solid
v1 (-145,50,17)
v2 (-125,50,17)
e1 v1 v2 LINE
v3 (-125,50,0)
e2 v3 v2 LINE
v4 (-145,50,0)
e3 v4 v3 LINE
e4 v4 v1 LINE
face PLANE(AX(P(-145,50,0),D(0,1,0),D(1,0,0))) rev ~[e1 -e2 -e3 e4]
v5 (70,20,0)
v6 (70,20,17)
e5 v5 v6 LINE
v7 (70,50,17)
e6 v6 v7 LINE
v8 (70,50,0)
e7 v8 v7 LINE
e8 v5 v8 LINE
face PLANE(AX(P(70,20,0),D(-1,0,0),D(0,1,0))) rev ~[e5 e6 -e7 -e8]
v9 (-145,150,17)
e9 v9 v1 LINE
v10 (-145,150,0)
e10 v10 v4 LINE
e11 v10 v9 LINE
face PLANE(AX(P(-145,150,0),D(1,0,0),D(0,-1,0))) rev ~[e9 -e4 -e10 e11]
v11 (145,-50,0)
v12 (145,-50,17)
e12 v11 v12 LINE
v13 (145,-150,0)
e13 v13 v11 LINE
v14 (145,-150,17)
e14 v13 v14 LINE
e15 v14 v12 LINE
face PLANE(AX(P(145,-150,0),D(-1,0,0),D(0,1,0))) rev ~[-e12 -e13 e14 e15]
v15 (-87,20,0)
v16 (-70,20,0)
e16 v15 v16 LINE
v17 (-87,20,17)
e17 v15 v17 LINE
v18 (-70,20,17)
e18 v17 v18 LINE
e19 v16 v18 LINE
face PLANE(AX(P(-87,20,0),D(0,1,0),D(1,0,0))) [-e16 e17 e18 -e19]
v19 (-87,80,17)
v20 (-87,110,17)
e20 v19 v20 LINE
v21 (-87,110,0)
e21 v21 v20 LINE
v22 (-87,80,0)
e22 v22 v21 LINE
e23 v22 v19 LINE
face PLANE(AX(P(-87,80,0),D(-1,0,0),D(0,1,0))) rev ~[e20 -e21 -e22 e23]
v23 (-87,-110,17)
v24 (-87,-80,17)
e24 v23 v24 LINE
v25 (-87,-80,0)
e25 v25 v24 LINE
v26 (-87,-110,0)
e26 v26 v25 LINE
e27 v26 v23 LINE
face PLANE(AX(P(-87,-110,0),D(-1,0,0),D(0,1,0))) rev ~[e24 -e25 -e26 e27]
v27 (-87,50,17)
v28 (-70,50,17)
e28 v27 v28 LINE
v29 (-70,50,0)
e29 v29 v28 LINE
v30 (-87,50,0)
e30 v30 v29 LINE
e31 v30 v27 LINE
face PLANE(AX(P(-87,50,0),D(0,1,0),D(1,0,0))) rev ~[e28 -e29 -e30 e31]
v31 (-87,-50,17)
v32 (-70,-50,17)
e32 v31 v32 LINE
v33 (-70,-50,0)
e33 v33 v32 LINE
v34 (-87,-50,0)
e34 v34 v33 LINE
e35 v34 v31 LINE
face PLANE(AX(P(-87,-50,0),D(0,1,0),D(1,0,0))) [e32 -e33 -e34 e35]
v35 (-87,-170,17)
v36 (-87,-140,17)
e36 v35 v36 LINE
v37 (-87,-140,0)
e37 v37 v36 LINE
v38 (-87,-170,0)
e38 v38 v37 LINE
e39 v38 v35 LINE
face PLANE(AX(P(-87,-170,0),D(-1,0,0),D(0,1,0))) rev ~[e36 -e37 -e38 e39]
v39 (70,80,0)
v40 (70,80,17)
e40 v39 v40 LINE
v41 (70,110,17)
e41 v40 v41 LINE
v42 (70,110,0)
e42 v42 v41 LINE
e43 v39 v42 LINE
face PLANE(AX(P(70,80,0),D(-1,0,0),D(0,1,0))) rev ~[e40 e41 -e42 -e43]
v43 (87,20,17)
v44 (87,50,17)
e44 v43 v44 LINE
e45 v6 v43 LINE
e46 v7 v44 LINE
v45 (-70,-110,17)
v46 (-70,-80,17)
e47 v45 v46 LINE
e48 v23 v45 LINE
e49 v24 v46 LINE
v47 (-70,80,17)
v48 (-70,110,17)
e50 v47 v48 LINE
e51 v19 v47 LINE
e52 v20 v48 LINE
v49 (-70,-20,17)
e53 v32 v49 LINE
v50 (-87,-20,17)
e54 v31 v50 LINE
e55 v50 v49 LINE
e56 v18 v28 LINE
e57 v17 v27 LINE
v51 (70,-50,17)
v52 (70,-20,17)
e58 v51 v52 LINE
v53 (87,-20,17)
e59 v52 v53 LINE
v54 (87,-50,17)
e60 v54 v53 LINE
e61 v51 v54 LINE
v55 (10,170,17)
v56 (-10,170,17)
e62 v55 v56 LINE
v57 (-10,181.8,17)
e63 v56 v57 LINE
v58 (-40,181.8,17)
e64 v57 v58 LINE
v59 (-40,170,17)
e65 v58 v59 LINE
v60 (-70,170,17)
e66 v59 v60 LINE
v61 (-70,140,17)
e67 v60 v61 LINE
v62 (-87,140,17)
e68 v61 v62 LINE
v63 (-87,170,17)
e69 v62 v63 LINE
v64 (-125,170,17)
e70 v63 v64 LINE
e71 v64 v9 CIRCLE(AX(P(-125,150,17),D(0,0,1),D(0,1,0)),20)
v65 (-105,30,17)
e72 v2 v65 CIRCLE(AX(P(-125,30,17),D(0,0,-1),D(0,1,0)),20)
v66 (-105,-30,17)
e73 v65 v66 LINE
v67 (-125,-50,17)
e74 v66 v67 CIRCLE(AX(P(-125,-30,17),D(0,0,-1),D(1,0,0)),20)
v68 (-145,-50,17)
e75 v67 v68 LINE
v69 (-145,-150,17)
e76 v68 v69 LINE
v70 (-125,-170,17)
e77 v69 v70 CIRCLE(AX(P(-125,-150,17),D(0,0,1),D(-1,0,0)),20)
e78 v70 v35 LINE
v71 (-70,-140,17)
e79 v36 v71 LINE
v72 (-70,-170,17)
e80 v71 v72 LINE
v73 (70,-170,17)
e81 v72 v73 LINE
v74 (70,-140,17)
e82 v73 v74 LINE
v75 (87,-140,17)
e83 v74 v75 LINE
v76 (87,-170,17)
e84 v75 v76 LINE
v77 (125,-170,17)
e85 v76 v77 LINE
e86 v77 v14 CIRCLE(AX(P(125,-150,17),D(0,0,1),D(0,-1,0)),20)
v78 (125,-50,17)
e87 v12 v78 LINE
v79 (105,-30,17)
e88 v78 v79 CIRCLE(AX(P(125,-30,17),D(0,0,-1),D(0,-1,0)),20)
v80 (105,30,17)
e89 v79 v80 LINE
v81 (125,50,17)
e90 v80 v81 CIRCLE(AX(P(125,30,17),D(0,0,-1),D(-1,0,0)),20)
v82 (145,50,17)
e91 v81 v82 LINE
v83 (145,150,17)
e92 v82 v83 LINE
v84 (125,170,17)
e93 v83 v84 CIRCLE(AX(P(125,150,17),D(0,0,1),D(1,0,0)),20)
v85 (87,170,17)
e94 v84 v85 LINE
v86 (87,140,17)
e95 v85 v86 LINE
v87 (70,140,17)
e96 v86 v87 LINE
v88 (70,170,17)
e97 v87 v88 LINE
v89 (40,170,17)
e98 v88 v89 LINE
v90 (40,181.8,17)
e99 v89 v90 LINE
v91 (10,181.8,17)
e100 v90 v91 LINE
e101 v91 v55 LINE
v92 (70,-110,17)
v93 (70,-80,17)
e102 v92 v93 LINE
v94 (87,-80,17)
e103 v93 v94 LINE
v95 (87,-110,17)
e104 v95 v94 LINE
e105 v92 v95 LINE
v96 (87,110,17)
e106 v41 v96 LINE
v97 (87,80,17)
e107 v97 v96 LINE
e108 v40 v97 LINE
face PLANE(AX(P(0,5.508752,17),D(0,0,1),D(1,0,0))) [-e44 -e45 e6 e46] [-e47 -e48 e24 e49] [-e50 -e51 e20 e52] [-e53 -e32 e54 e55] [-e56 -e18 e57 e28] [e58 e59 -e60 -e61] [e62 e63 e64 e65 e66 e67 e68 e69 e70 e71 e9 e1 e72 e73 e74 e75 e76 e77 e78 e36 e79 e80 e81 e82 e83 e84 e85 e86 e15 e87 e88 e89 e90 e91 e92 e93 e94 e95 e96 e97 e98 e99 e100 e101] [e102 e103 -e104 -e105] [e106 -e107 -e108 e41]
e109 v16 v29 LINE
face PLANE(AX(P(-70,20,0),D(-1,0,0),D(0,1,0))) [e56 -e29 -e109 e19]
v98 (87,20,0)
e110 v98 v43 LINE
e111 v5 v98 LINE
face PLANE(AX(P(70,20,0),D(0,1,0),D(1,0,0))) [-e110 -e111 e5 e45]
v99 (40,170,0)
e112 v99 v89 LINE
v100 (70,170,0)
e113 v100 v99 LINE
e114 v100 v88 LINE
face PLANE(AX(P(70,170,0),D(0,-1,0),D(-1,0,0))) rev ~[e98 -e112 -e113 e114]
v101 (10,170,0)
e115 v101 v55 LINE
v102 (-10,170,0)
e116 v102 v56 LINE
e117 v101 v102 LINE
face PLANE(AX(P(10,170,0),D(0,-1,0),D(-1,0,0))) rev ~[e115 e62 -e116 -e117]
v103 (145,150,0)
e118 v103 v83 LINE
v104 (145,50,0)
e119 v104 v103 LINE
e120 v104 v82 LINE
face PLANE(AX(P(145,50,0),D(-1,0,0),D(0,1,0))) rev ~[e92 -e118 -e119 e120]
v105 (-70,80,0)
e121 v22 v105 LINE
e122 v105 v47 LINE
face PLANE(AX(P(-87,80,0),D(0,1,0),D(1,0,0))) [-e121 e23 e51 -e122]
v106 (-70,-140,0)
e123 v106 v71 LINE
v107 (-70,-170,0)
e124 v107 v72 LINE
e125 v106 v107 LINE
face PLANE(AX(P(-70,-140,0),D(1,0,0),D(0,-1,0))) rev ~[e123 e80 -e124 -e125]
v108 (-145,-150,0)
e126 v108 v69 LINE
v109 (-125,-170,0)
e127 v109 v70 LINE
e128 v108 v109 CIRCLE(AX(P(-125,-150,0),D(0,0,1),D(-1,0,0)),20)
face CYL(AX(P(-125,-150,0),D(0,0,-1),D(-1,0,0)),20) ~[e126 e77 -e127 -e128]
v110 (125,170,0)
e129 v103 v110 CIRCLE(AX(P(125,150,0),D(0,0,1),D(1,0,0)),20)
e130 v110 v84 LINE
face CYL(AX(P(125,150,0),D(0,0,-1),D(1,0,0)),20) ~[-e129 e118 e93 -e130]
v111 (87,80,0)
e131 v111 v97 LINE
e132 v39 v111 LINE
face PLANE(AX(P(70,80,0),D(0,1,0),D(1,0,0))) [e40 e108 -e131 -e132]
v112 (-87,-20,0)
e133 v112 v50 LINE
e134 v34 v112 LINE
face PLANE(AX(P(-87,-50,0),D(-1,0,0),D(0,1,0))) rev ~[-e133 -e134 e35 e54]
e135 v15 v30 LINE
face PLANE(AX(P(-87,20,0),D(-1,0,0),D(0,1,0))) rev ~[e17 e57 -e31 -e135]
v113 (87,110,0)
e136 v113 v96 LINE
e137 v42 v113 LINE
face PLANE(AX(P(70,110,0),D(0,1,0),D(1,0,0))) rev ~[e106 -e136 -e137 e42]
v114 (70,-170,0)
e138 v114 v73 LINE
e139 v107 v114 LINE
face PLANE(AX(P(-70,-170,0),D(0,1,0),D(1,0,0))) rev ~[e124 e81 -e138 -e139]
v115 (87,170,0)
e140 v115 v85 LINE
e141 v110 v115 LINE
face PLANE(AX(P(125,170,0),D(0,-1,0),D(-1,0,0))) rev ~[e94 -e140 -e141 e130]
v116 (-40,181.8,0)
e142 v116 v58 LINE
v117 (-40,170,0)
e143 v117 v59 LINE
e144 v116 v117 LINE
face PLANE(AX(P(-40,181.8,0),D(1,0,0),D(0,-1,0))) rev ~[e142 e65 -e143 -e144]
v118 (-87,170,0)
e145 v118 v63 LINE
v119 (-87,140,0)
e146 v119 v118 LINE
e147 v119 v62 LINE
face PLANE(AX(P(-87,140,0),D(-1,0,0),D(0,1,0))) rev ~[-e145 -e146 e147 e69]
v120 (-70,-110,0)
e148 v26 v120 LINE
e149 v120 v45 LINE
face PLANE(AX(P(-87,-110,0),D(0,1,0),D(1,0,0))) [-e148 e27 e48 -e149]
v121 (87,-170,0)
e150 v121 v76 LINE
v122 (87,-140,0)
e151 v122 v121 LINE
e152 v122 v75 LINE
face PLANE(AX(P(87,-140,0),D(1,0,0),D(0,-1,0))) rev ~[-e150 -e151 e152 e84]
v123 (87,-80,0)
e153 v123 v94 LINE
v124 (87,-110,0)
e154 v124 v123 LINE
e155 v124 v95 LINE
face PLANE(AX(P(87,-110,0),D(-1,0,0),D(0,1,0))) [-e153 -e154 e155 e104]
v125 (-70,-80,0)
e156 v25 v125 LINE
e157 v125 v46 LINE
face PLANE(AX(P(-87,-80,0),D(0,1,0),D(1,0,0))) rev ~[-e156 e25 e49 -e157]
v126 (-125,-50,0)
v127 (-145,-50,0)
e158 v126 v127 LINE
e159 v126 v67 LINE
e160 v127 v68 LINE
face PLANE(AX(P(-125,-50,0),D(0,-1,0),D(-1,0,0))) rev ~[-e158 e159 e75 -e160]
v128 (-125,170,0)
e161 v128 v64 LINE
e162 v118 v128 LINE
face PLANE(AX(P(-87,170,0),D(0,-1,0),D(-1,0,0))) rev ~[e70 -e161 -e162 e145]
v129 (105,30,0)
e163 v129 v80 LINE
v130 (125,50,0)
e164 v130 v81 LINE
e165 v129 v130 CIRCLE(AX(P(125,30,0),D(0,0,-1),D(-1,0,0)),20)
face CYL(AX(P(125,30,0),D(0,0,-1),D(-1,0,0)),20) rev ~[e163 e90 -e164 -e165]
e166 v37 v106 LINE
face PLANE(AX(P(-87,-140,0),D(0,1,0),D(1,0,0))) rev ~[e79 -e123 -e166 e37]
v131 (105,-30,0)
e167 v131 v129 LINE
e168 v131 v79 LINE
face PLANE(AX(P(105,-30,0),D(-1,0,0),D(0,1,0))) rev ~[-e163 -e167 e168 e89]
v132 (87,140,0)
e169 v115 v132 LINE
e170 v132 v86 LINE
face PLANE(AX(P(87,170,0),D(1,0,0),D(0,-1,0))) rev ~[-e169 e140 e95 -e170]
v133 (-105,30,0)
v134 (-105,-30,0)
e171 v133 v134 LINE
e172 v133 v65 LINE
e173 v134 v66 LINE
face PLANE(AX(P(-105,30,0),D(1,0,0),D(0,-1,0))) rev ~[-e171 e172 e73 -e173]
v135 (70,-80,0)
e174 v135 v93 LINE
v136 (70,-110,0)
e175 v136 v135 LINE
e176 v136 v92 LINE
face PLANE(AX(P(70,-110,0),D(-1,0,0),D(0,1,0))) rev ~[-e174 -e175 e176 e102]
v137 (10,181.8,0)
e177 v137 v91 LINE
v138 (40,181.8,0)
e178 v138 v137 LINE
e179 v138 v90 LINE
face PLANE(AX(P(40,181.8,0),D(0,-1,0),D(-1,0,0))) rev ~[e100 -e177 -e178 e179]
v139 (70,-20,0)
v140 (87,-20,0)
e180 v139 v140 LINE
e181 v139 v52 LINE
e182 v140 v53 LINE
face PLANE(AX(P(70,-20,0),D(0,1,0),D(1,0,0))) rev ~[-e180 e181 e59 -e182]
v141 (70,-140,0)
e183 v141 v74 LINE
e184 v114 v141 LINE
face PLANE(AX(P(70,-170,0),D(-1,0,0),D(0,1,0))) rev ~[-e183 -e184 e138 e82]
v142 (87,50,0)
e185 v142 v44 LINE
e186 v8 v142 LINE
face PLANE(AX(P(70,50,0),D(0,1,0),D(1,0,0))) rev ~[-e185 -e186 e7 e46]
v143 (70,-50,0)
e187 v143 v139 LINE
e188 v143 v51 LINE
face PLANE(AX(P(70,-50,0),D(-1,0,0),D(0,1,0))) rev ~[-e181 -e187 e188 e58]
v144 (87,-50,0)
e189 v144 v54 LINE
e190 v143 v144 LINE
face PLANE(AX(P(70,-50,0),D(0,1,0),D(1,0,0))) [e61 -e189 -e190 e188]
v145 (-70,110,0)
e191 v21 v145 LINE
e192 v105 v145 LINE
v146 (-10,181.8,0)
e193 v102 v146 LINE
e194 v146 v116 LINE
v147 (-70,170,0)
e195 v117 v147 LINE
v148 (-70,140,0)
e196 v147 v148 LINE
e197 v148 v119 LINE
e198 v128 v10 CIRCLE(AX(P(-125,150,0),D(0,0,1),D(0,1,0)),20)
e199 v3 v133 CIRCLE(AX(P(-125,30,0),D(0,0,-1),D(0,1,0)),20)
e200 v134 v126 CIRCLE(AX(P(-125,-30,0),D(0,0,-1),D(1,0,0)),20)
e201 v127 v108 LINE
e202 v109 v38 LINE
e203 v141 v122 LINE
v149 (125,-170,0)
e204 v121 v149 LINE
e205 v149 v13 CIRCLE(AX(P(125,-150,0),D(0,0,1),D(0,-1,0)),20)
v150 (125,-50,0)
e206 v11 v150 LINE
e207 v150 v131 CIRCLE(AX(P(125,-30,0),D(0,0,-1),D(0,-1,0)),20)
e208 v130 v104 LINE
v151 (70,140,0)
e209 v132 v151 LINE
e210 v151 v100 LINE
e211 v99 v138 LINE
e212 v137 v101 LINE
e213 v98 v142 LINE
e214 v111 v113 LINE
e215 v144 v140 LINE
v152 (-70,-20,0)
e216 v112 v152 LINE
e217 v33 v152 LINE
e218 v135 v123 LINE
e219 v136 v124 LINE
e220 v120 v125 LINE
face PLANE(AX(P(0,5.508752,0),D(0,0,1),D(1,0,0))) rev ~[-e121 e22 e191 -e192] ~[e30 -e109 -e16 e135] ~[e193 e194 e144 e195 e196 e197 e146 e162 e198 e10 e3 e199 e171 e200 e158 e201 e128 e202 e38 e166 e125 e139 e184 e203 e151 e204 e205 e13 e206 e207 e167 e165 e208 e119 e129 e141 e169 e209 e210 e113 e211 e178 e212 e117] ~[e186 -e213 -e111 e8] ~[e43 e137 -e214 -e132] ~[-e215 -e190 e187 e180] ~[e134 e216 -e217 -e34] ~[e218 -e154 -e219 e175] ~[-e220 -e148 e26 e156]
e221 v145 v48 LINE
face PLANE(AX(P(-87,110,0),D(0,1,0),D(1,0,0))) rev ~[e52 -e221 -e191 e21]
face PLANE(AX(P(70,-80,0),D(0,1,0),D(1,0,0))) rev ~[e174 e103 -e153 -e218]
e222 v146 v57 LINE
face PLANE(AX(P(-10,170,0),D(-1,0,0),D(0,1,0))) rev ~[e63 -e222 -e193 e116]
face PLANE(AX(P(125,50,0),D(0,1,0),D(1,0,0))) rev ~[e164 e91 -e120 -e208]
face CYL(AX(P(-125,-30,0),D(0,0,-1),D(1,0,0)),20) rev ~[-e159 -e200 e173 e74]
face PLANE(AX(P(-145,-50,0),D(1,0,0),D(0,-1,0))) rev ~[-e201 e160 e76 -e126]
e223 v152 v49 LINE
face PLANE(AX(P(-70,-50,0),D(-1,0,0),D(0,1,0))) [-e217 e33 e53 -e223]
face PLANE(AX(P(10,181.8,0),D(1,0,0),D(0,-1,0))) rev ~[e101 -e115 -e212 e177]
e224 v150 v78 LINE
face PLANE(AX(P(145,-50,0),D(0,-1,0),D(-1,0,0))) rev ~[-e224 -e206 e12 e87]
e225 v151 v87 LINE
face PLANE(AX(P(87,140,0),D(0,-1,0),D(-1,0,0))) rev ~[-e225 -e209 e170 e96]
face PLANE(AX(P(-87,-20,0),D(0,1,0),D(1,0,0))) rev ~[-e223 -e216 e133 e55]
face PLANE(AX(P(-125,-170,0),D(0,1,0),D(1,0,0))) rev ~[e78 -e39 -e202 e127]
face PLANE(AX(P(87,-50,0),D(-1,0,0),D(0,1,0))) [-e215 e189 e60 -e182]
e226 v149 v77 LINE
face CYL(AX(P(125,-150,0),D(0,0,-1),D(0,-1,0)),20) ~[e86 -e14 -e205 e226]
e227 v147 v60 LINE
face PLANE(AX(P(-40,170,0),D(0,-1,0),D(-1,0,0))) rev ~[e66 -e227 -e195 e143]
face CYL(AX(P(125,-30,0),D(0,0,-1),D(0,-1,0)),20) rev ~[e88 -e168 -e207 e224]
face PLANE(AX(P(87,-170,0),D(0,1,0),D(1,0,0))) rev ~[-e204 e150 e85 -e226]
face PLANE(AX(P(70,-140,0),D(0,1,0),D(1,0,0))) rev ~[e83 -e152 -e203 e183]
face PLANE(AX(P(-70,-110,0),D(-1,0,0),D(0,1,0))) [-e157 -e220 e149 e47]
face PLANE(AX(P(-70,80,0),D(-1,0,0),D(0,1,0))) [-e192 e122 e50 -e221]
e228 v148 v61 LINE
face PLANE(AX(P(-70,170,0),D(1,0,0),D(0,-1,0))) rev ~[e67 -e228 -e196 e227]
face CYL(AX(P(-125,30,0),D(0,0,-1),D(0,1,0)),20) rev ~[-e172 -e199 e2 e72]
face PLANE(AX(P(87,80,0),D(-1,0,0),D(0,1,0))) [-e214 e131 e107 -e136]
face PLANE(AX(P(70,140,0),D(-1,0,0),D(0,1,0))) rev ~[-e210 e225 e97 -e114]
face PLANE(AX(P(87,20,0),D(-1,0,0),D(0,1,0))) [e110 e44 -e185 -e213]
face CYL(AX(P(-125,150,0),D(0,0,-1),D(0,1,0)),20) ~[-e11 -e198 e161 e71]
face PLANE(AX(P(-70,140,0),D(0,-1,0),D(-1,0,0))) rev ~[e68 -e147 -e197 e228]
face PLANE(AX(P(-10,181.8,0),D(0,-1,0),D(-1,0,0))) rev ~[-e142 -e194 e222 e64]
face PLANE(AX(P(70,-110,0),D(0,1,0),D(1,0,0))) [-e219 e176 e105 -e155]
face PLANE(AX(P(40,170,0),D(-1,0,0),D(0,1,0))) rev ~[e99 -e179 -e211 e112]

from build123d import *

# Parameters (mm, degrees)
SKETCH1_W           = 17
SKETCH1_H           = 30
BOSS_EXTRUDE1_DEPTH = 17


with BuildPart() as part:
    # Sketch1 → Boss-Extrude1 (new body)
    with BuildSketch(Plane.XY):
        with BuildLine():
            Line((-125, -170), (-87, -170))
            Line((-87, -170), (-87, -140))
            Line((-87, -140), (-70, -140))
            Line((-70, -140), (-70, -170))
            Line((-70, -170), (-40, -170))
            Line((-40, -170), (40, -170))
            Line((40, -170), (70, -170))
            Line((70, -170), (70, -140))
            Line((70, -140), (87, -140))
            Line((87, -140), (87, -170))
            Line((87, -170), (125, -170))
            ThreePointArc((125, -170), (139.142135624, -164.142135624), (145, -150))
            Line((145, -150), (145, -50))
            Line((145, -50), (125, -50))
            ThreePointArc((125, -50), (110.857864376, -44.142135624), (105, -30))
            Line((105, -30), (105, 0))
            Line((105, 0), (105, 30))
            ThreePointArc((105, 30), (110.857864376, 44.142135624), (125, 50))
            Line((125, 50), (145, 50))
            Line((145, 50), (145, 150))
            ThreePointArc((145, 150), (139.142135624, 164.142135624), (125, 170))
            Line((125, 170), (87, 170))
            Line((87, 170), (87, 140))
            Line((87, 140), (70, 140))
            Line((70, 140), (70, 170))
            Line((70, 170), (40, 170))
            Line((40, 170), (40, 181.8))
            Line((40, 181.8), (10, 181.8))
            Line((10, 181.8), (10, 170))
            Line((10, 170), (-10, 170))
            Line((-10, 170), (-10, 181.8))
            Line((-10, 181.8), (-40, 181.8))
            Line((-40, 181.8), (-40, 170))
            Line((-40, 170), (-70, 170))
            Line((-70, 170), (-70, 140))
            Line((-70, 140), (-87, 140))
            Line((-87, 140), (-87, 170))
            Line((-87, 170), (-125, 170))
            ThreePointArc((-125, 170), (-139.142135624, 164.142135624), (-145, 150))
            Line((-145, 150), (-145, 50))
            Line((-145, 50), (-125, 50))
            ThreePointArc((-125, 50), (-110.857864376, 44.142135624), (-105, 30))
            Line((-105, 30), (-105, 0))
            Line((-105, 0), (-105, -30))
            ThreePointArc((-105, -30), (-110.857864376, -44.142135624), (-125, -50))
            Line((-125, -50), (-145, -50))
            Line((-145, -50), (-145, -150))
            ThreePointArc((-145, -150), (-139.142135624, -164.142135624), (-125, -170))
        make_face()
        with Locations((-78.5, -95)):
            Rectangle(SKETCH1_W, SKETCH1_H, mode=Mode.SUBTRACT)
        with Locations((-78.5, -35)):
            Rectangle(SKETCH1_W, SKETCH1_H, mode=Mode.SUBTRACT)
        with Locations((-78.5, 35)):
            Rectangle(SKETCH1_W, SKETCH1_H, mode=Mode.SUBTRACT)
        with Locations((78.5, 95)):
            Rectangle(SKETCH1_W, SKETCH1_H, mode=Mode.SUBTRACT)
        with Locations((-78.5, 95)):
            Rectangle(SKETCH1_W, SKETCH1_H, mode=Mode.SUBTRACT)
        with Locations((78.5, 35)):
            Rectangle(SKETCH1_W, SKETCH1_H, mode=Mode.SUBTRACT)
        with Locations((78.5, -35)):
            Rectangle(SKETCH1_W, SKETCH1_H, mode=Mode.SUBTRACT)
        with Locations((78.5, -95)):
            Rectangle(SKETCH1_W, SKETCH1_H, mode=Mode.SUBTRACT)
    extrude(amount=BOSS_EXTRUDE1_DEPTH)


solid = part.part
